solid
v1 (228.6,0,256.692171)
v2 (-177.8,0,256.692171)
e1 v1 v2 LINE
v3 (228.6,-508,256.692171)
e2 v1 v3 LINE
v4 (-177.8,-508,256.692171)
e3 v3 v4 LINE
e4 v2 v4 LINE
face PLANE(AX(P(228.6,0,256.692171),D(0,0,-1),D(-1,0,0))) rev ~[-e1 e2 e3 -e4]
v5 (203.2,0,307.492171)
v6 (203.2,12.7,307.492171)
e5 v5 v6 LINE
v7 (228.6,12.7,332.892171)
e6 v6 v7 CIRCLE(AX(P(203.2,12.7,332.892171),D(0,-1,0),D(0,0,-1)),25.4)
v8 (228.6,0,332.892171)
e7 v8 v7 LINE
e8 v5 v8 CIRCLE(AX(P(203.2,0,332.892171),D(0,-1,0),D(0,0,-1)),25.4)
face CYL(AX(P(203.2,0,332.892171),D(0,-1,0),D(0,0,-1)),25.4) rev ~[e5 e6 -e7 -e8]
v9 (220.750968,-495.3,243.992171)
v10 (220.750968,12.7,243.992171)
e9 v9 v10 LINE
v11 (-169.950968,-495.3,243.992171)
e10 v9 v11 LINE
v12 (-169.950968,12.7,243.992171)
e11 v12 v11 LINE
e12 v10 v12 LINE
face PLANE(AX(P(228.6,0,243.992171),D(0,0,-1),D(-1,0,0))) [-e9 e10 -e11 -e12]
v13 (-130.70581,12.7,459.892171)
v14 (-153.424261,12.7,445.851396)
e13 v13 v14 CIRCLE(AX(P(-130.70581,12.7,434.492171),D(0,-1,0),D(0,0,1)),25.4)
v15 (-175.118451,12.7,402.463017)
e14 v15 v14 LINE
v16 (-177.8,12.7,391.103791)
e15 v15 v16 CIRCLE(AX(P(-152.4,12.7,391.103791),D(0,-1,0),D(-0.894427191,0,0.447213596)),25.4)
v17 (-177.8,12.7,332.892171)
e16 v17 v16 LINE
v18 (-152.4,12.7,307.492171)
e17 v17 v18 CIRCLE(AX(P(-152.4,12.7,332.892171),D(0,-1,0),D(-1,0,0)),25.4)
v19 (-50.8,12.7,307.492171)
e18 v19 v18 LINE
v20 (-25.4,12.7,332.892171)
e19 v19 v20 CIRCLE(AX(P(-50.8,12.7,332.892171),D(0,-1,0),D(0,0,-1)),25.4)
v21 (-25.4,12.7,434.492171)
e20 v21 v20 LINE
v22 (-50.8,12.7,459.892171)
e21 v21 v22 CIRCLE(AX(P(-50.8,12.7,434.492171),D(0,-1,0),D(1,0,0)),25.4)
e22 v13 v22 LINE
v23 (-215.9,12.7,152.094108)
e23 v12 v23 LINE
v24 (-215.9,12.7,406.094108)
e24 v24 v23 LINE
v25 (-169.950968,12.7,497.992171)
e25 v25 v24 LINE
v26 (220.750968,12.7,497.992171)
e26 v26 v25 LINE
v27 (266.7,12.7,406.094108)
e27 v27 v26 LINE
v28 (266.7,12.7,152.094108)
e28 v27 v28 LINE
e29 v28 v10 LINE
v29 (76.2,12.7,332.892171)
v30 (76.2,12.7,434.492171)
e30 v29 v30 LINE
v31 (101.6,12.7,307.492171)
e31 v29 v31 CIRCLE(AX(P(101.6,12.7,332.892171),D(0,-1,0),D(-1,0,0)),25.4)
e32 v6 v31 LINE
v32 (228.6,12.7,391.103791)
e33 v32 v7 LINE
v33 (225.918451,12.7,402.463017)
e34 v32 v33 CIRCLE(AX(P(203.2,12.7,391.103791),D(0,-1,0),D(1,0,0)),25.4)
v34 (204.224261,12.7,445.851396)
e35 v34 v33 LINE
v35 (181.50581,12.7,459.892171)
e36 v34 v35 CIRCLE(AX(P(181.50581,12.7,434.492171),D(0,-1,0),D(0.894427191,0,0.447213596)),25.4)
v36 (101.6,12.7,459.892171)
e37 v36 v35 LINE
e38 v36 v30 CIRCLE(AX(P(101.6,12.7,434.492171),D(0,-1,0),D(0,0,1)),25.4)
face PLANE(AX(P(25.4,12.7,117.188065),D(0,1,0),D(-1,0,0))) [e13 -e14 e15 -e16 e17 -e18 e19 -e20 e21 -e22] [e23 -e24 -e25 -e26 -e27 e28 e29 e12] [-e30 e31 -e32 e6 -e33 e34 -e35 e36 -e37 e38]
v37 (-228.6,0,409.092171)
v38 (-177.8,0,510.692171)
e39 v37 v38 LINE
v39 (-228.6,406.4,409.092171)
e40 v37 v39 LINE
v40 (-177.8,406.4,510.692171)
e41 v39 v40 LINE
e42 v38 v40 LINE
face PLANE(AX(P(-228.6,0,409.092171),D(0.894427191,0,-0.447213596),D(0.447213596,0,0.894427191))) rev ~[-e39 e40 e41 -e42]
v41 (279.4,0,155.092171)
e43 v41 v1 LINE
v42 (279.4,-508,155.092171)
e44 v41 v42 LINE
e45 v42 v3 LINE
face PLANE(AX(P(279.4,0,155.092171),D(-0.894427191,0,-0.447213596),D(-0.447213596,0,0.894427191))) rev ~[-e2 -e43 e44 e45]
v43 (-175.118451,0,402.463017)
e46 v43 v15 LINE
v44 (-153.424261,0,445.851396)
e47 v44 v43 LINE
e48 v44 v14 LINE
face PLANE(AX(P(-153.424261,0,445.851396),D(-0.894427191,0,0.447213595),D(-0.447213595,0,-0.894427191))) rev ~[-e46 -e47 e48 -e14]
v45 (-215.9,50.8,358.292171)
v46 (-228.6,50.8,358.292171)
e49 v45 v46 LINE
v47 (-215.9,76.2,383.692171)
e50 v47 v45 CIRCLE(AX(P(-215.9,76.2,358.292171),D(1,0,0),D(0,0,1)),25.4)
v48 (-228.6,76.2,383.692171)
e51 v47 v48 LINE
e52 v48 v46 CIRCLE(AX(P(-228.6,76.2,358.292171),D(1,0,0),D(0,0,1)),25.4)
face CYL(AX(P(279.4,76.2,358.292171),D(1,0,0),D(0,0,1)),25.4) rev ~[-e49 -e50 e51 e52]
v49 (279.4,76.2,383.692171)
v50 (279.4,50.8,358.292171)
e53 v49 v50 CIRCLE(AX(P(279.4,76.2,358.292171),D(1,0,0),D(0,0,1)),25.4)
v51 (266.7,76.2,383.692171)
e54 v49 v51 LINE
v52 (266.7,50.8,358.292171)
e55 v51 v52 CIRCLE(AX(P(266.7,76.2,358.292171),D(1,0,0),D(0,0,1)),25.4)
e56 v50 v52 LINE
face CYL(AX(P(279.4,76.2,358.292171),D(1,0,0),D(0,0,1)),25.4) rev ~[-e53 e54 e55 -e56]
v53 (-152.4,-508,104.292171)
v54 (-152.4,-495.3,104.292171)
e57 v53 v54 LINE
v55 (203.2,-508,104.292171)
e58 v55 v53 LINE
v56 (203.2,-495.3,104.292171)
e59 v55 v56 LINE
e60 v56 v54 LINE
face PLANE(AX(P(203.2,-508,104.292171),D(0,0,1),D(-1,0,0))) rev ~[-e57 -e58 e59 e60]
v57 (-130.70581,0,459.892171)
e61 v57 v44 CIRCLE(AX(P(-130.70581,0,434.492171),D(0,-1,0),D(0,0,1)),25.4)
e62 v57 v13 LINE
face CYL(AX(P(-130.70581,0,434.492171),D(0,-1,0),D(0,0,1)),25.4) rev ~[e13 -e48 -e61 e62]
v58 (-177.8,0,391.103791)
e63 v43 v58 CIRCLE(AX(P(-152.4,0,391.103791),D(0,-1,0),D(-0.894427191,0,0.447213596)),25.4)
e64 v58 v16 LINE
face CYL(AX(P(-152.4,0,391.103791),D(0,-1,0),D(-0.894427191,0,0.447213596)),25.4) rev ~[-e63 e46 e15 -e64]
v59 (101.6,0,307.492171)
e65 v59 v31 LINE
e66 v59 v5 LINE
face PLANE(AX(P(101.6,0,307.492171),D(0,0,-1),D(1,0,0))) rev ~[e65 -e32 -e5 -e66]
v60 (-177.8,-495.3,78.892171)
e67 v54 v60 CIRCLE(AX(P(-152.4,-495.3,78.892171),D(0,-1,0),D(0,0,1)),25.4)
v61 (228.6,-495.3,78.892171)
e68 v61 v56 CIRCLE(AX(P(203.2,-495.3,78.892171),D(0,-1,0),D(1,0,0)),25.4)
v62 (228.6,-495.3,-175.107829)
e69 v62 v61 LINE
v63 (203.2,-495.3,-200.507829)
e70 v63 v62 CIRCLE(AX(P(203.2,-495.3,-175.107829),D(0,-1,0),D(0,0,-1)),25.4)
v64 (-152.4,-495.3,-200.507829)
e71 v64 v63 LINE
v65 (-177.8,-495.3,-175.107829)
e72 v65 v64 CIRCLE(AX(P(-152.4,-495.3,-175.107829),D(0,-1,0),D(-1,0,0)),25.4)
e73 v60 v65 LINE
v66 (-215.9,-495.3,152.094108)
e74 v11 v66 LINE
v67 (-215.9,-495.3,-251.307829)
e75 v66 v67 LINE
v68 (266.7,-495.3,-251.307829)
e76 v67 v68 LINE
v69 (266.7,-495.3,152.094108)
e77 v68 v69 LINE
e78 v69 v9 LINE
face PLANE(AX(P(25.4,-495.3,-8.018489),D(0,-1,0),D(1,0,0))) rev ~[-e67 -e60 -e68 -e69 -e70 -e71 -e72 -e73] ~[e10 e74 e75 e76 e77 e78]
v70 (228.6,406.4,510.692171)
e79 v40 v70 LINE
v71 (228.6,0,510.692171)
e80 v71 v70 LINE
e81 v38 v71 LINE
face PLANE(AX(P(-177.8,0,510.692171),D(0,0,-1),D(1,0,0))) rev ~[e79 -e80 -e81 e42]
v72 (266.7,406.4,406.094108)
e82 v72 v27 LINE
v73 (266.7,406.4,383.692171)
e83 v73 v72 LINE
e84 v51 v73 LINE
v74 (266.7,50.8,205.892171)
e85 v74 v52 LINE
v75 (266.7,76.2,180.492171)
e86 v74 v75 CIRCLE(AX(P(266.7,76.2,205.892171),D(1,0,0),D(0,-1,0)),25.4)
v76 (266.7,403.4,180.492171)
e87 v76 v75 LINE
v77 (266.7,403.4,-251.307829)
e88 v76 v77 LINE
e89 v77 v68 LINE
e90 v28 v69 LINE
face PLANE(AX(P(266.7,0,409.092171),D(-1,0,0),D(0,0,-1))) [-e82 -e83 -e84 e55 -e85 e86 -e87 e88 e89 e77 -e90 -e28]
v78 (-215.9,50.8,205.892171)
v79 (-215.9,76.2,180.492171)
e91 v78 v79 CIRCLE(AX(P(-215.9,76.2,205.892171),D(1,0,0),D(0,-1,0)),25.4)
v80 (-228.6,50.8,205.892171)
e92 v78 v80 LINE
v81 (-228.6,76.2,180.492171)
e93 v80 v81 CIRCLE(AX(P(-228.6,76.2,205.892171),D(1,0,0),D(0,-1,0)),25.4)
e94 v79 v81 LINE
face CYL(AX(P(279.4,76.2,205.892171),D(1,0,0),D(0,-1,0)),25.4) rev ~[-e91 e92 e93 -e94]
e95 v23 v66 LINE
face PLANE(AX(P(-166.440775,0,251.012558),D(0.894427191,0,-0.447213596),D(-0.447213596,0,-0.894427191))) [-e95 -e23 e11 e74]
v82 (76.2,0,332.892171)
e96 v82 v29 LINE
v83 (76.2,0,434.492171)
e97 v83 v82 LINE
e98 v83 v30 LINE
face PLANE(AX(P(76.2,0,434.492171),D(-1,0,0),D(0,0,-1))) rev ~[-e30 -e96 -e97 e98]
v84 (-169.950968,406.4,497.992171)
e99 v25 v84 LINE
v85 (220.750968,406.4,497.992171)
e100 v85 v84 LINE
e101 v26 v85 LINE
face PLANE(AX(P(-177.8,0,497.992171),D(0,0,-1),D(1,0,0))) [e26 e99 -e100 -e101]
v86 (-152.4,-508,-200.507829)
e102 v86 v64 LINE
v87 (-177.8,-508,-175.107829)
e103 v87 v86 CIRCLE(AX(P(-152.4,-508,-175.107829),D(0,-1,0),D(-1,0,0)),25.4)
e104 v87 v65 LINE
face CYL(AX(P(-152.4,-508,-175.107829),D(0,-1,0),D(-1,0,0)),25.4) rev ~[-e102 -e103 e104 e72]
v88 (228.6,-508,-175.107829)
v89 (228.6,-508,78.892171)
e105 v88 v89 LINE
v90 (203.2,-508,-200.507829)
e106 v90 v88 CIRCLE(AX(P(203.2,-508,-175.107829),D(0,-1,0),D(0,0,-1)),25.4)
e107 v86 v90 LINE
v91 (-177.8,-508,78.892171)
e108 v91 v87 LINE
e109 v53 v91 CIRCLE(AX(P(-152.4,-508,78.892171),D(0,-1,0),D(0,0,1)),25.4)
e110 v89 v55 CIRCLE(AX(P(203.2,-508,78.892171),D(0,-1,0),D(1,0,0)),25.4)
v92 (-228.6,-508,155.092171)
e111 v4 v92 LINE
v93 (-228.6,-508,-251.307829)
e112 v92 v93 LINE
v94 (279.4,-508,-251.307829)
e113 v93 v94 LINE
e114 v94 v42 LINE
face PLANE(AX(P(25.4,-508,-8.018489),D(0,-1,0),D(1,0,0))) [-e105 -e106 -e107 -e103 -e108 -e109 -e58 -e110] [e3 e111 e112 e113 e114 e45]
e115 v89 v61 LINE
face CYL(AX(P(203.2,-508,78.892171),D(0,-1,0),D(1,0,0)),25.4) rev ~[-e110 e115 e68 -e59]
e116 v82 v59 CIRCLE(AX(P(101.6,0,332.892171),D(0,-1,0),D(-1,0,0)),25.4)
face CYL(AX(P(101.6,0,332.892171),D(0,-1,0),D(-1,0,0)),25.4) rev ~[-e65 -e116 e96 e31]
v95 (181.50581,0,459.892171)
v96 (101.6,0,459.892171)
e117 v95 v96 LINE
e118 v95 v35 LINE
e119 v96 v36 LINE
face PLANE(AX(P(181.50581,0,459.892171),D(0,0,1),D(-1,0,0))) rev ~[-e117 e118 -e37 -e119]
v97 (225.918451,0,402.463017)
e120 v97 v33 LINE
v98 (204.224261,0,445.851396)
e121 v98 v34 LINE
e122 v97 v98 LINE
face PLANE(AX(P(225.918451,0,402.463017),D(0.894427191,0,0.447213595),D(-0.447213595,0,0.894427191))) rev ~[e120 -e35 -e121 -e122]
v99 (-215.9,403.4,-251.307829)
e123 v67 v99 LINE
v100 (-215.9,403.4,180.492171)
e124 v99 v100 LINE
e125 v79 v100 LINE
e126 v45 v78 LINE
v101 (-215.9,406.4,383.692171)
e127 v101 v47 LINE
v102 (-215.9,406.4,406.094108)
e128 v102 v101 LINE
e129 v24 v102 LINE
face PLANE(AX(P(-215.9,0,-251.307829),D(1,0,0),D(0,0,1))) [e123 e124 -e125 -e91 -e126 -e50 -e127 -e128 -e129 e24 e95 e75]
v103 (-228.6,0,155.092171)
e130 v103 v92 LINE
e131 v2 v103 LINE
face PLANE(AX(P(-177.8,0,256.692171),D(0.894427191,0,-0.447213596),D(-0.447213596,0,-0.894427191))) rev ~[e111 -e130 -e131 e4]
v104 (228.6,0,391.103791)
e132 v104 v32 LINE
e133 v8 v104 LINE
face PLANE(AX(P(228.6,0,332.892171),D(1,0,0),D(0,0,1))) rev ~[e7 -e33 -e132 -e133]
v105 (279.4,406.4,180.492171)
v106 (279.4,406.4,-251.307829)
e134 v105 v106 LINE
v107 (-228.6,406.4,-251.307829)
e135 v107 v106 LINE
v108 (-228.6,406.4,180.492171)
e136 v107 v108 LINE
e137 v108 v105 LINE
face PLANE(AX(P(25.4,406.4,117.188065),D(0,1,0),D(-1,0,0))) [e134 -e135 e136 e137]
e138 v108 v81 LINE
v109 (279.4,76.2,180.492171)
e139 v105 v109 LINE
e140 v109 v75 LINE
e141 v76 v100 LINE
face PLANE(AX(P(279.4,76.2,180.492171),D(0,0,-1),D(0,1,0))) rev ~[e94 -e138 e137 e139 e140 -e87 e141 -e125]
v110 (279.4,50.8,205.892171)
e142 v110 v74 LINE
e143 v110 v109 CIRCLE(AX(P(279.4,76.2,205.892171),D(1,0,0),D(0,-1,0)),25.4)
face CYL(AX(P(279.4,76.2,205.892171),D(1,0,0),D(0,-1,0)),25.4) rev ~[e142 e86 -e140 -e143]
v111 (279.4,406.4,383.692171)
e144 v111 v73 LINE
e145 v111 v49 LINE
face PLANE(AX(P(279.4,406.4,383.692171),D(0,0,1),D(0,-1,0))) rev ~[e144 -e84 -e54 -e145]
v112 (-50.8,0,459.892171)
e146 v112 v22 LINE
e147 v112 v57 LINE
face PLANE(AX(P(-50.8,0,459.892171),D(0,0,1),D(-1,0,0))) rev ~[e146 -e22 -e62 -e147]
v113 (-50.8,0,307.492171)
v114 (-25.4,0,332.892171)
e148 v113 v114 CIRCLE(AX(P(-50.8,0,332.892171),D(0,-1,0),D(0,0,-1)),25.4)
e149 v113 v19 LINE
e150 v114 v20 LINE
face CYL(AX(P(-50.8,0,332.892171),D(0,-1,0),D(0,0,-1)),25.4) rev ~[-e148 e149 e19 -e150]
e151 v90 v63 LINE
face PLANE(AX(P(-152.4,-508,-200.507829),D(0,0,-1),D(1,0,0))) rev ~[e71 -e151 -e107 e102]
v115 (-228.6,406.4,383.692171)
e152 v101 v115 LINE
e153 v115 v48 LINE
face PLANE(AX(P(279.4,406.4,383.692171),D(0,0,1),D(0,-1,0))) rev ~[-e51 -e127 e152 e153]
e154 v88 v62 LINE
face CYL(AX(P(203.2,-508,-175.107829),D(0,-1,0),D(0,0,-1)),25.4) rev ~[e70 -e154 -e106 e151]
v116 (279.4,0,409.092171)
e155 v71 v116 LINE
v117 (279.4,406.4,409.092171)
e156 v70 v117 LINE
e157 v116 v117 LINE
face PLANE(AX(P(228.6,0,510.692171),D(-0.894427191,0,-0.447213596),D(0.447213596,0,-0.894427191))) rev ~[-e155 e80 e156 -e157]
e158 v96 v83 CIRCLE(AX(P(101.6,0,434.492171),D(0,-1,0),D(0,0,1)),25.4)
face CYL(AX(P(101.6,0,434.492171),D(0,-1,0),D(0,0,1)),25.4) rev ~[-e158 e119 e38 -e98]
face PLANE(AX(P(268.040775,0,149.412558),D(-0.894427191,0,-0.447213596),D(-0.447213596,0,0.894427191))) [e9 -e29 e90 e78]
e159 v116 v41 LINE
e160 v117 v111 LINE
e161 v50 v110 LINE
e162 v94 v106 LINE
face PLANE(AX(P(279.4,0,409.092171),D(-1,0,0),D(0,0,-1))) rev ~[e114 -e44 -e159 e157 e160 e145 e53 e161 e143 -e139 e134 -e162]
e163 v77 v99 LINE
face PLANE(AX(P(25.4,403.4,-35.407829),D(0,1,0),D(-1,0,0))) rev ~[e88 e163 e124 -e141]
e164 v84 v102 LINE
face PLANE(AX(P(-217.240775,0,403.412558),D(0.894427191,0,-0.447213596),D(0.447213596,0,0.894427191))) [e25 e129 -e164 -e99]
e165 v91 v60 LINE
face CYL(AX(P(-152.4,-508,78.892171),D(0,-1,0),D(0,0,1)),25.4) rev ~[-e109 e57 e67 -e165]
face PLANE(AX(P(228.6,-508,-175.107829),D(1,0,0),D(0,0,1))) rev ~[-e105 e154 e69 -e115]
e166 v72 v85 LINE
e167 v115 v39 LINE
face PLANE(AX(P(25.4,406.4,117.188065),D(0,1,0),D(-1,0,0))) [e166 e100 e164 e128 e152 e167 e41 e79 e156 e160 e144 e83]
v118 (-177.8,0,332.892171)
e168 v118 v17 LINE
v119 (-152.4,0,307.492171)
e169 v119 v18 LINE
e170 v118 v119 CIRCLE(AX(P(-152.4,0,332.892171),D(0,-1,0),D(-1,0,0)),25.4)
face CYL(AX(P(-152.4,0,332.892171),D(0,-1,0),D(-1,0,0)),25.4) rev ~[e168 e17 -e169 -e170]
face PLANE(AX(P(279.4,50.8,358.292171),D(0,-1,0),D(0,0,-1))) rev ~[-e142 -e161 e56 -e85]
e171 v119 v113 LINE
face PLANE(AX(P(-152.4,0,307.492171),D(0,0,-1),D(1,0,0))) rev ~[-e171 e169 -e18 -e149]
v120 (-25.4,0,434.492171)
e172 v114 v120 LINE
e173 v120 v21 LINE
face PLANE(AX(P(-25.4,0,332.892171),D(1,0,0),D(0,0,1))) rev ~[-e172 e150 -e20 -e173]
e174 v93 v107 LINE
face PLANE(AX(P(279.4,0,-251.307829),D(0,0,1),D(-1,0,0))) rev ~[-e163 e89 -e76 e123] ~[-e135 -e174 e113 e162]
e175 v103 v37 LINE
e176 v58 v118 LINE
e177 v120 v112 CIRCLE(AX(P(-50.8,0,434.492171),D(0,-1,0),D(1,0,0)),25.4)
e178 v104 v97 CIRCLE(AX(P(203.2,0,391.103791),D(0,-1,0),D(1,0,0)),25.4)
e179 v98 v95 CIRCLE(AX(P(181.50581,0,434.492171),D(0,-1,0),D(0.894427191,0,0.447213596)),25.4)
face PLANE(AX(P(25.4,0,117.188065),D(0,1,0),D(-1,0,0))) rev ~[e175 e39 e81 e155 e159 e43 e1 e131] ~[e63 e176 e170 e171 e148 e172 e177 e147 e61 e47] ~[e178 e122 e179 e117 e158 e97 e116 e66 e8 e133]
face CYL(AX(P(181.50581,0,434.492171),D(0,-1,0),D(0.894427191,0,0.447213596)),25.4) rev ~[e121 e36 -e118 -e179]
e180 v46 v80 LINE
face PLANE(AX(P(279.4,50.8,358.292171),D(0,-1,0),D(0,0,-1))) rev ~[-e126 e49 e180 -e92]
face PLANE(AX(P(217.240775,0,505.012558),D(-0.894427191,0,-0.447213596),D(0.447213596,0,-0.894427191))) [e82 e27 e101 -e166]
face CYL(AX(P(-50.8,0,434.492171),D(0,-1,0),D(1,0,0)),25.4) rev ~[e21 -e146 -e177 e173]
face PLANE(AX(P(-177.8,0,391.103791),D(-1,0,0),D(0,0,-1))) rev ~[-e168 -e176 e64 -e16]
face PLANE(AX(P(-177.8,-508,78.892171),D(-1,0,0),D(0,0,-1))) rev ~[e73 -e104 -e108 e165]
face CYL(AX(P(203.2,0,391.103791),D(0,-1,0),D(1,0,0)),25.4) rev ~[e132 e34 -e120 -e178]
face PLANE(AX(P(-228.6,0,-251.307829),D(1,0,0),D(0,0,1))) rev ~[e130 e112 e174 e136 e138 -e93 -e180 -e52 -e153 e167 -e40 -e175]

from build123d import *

# Parameters (mm, degrees)
F1_DEPTH  = 508
F3_DEPTH  = 406.4
F4_T      = -12.7
F6_DEPTH  = 508.001
F8_DEPTH  = 25.4
F10_DEPTH = 25.4
F11_W     = 508
F11_H     = 431.8
F12_DEPTH = 3


with BuildPart() as f1:
    # F0 (on Front) → F1 (new body)
    with BuildSketch(Plane.XZ):
        Polygon((-228.6, 155.0921710968), (-228.6, -251.3078289032), (279.4, -251.3078289032), (279.4, 155.0921710968), (228.6, 256.6921710968), (-177.8, 256.6921710968), align=None)
    extrude(amount=F1_DEPTH)

    # F2 (on face) → F3 (join)
    with BuildSketch(Plane(origin=(0, 0, 0), x_dir=(-1, 0, 0), z_dir=(0, 1, 0))):
        Polygon((-279.4, 409.0921710968), (-279.4, -251.3078289032), (228.6, -251.3078289032), (228.6, 409.0921710968), (177.8, 510.6921710968), (-228.6, 510.6921710968), align=None)
    extrude(amount=F3_DEPTH)

    # F4
    f4_openings = [f1.faces().sort_by_distance(p)[0] for p in [
        (25.4, -50.8, -251.307829),
        (25.4, 406.4, 125.00118),
    ]]
    offset(amount=F4_T, openings=f4_openings, kind=Kind.INTERSECTION)

    # F5 (on face) → F6 (cut, through all)
    with BuildSketch(Plane.YZ.offset(279.4)):
        with BuildLine():
            Line((406.4, 180.4921710968), (406.4, 383.6921710968))
            Line((406.4, 383.6921710968), (76.2, 383.6921710968))
            ThreePointArc((76.2, 383.6921710968), (58.2394877579, 376.2526833389), (50.8, 358.2921710968))
            Line((50.8, 358.2921710968), (50.8, 205.8921710968))
            ThreePointArc((50.8, 205.8921710968), (58.2394877579, 187.9316588547), (76.2, 180.4921710968))
            Line((76.2, 180.4921710968), (406.4, 180.4921710968))
        make_face()
    extrude(amount=-F6_DEPTH, mode=Mode.SUBTRACT)

    # F7 (on face) → F8 (cut)
    with BuildSketch(Plane.XZ.offset(508)):
        with BuildLine():
            Line((203.2, 104.2921710968), (-152.4, 104.2921710968))
            ThreePointArc((-152.4, 104.2921710968), (-170.3605122421, 96.8526833389), (-177.8, 78.8921710968))
            Line((-177.8, 78.8921710968), (-177.8, -175.1078289032))
            ThreePointArc((-177.8, -175.1078289032), (-170.3605122421, -193.0683411453), (-152.4, -200.5078289032))
            Line((-152.4, -200.5078289032), (203.2, -200.5078289032))
            ThreePointArc((203.2, -200.5078289032), (221.1605122421, -193.0683411453), (228.6, -175.1078289032))
            Line((228.6, -175.1078289032), (228.6, 78.8921710968))
            ThreePointArc((228.6, 78.8921710968), (221.1605122421, 96.8526833389), (203.2, 104.2921710968))
        make_face()
    extrude(amount=-F8_DEPTH, mode=Mode.SUBTRACT)

    # F9 (on face) → F10 (cut)
    with BuildSketch(Plane.XZ):
        with BuildLine():
            ThreePointArc((-177.8, 332.8921710968), (-170.3605122421, 314.9316588547), (-152.4, 307.4921710968))
            Line((-152.4, 307.4921710968), (-50.8, 307.4921710968))
            ThreePointArc((-50.8, 307.4921710968), (-32.8394877579, 314.9316588547), (-25.4, 332.8921710968))
            Line((-25.4, 332.8921710968), (-25.4, 434.4921710968))
            ThreePointArc((-25.4, 434.4921710968), (-32.8394877579, 452.4526833389), (-50.8, 459.8921710968))
            Line((-50.8, 459.8921710968), (-130.7058100573, 459.8921710968))
            ThreePointArc((-130.7058100573, 459.8921710968), (-144.0593803051, 456.0987016289), (-153.4242607087, 445.8513964225))
            Line((-153.4242607087, 445.8513964225), (-175.1184506514, 402.463016537))
            ThreePointArc((-175.1184506514, 402.463016537), (-177.1205243325, 396.9395153932), (-177.8, 391.1037912113))
            Line((-177.8, 391.1037912113), (-177.8, 332.8921710968))
        make_face()
        with BuildLine():
            ThreePointArc((101.6, 459.8921710968), (83.6394877579, 452.4526833389), (76.2, 434.4921710968))
            Line((76.2, 434.4921710968), (76.2, 332.8921710968))
            ThreePointArc((76.2, 332.8921710968), (83.6394877579, 314.9316588547), (101.6, 307.4921710968))
            Line((101.6, 307.4921710968), (203.2, 307.4921710968))
            ThreePointArc((203.2, 307.4921710968), (221.1605122421, 314.9316588547), (228.6, 332.8921710968))
            Line((228.6, 332.8921710968), (228.6, 391.1037912113))
            ThreePointArc((228.6, 391.1037912113), (227.9205243325, 396.9395153932), (225.9184506514, 402.463016537))
            Line((225.9184506514, 402.463016537), (204.2242607087, 445.8513964225))
            ThreePointArc((204.2242607087, 445.8513964225), (194.8593803051, 456.0987016289), (181.5058100573, 459.8921710968))
            Line((181.5058100573, 459.8921710968), (101.6, 459.8921710968))
        make_face()
    extrude(amount=-F10_DEPTH, mode=Mode.SUBTRACT)

    # F11 (on face) → F12 (join)
    with BuildSketch(Plane(origin=(0, 406.4, 0), x_dir=(-1, 0, 0), z_dir=(0, 1, 0))):
        with Locations((-25.4, -35.4078289032)):
            Rectangle(F11_W, F11_H)
    extrude(amount=-F12_DEPTH)


solid = f1.part
